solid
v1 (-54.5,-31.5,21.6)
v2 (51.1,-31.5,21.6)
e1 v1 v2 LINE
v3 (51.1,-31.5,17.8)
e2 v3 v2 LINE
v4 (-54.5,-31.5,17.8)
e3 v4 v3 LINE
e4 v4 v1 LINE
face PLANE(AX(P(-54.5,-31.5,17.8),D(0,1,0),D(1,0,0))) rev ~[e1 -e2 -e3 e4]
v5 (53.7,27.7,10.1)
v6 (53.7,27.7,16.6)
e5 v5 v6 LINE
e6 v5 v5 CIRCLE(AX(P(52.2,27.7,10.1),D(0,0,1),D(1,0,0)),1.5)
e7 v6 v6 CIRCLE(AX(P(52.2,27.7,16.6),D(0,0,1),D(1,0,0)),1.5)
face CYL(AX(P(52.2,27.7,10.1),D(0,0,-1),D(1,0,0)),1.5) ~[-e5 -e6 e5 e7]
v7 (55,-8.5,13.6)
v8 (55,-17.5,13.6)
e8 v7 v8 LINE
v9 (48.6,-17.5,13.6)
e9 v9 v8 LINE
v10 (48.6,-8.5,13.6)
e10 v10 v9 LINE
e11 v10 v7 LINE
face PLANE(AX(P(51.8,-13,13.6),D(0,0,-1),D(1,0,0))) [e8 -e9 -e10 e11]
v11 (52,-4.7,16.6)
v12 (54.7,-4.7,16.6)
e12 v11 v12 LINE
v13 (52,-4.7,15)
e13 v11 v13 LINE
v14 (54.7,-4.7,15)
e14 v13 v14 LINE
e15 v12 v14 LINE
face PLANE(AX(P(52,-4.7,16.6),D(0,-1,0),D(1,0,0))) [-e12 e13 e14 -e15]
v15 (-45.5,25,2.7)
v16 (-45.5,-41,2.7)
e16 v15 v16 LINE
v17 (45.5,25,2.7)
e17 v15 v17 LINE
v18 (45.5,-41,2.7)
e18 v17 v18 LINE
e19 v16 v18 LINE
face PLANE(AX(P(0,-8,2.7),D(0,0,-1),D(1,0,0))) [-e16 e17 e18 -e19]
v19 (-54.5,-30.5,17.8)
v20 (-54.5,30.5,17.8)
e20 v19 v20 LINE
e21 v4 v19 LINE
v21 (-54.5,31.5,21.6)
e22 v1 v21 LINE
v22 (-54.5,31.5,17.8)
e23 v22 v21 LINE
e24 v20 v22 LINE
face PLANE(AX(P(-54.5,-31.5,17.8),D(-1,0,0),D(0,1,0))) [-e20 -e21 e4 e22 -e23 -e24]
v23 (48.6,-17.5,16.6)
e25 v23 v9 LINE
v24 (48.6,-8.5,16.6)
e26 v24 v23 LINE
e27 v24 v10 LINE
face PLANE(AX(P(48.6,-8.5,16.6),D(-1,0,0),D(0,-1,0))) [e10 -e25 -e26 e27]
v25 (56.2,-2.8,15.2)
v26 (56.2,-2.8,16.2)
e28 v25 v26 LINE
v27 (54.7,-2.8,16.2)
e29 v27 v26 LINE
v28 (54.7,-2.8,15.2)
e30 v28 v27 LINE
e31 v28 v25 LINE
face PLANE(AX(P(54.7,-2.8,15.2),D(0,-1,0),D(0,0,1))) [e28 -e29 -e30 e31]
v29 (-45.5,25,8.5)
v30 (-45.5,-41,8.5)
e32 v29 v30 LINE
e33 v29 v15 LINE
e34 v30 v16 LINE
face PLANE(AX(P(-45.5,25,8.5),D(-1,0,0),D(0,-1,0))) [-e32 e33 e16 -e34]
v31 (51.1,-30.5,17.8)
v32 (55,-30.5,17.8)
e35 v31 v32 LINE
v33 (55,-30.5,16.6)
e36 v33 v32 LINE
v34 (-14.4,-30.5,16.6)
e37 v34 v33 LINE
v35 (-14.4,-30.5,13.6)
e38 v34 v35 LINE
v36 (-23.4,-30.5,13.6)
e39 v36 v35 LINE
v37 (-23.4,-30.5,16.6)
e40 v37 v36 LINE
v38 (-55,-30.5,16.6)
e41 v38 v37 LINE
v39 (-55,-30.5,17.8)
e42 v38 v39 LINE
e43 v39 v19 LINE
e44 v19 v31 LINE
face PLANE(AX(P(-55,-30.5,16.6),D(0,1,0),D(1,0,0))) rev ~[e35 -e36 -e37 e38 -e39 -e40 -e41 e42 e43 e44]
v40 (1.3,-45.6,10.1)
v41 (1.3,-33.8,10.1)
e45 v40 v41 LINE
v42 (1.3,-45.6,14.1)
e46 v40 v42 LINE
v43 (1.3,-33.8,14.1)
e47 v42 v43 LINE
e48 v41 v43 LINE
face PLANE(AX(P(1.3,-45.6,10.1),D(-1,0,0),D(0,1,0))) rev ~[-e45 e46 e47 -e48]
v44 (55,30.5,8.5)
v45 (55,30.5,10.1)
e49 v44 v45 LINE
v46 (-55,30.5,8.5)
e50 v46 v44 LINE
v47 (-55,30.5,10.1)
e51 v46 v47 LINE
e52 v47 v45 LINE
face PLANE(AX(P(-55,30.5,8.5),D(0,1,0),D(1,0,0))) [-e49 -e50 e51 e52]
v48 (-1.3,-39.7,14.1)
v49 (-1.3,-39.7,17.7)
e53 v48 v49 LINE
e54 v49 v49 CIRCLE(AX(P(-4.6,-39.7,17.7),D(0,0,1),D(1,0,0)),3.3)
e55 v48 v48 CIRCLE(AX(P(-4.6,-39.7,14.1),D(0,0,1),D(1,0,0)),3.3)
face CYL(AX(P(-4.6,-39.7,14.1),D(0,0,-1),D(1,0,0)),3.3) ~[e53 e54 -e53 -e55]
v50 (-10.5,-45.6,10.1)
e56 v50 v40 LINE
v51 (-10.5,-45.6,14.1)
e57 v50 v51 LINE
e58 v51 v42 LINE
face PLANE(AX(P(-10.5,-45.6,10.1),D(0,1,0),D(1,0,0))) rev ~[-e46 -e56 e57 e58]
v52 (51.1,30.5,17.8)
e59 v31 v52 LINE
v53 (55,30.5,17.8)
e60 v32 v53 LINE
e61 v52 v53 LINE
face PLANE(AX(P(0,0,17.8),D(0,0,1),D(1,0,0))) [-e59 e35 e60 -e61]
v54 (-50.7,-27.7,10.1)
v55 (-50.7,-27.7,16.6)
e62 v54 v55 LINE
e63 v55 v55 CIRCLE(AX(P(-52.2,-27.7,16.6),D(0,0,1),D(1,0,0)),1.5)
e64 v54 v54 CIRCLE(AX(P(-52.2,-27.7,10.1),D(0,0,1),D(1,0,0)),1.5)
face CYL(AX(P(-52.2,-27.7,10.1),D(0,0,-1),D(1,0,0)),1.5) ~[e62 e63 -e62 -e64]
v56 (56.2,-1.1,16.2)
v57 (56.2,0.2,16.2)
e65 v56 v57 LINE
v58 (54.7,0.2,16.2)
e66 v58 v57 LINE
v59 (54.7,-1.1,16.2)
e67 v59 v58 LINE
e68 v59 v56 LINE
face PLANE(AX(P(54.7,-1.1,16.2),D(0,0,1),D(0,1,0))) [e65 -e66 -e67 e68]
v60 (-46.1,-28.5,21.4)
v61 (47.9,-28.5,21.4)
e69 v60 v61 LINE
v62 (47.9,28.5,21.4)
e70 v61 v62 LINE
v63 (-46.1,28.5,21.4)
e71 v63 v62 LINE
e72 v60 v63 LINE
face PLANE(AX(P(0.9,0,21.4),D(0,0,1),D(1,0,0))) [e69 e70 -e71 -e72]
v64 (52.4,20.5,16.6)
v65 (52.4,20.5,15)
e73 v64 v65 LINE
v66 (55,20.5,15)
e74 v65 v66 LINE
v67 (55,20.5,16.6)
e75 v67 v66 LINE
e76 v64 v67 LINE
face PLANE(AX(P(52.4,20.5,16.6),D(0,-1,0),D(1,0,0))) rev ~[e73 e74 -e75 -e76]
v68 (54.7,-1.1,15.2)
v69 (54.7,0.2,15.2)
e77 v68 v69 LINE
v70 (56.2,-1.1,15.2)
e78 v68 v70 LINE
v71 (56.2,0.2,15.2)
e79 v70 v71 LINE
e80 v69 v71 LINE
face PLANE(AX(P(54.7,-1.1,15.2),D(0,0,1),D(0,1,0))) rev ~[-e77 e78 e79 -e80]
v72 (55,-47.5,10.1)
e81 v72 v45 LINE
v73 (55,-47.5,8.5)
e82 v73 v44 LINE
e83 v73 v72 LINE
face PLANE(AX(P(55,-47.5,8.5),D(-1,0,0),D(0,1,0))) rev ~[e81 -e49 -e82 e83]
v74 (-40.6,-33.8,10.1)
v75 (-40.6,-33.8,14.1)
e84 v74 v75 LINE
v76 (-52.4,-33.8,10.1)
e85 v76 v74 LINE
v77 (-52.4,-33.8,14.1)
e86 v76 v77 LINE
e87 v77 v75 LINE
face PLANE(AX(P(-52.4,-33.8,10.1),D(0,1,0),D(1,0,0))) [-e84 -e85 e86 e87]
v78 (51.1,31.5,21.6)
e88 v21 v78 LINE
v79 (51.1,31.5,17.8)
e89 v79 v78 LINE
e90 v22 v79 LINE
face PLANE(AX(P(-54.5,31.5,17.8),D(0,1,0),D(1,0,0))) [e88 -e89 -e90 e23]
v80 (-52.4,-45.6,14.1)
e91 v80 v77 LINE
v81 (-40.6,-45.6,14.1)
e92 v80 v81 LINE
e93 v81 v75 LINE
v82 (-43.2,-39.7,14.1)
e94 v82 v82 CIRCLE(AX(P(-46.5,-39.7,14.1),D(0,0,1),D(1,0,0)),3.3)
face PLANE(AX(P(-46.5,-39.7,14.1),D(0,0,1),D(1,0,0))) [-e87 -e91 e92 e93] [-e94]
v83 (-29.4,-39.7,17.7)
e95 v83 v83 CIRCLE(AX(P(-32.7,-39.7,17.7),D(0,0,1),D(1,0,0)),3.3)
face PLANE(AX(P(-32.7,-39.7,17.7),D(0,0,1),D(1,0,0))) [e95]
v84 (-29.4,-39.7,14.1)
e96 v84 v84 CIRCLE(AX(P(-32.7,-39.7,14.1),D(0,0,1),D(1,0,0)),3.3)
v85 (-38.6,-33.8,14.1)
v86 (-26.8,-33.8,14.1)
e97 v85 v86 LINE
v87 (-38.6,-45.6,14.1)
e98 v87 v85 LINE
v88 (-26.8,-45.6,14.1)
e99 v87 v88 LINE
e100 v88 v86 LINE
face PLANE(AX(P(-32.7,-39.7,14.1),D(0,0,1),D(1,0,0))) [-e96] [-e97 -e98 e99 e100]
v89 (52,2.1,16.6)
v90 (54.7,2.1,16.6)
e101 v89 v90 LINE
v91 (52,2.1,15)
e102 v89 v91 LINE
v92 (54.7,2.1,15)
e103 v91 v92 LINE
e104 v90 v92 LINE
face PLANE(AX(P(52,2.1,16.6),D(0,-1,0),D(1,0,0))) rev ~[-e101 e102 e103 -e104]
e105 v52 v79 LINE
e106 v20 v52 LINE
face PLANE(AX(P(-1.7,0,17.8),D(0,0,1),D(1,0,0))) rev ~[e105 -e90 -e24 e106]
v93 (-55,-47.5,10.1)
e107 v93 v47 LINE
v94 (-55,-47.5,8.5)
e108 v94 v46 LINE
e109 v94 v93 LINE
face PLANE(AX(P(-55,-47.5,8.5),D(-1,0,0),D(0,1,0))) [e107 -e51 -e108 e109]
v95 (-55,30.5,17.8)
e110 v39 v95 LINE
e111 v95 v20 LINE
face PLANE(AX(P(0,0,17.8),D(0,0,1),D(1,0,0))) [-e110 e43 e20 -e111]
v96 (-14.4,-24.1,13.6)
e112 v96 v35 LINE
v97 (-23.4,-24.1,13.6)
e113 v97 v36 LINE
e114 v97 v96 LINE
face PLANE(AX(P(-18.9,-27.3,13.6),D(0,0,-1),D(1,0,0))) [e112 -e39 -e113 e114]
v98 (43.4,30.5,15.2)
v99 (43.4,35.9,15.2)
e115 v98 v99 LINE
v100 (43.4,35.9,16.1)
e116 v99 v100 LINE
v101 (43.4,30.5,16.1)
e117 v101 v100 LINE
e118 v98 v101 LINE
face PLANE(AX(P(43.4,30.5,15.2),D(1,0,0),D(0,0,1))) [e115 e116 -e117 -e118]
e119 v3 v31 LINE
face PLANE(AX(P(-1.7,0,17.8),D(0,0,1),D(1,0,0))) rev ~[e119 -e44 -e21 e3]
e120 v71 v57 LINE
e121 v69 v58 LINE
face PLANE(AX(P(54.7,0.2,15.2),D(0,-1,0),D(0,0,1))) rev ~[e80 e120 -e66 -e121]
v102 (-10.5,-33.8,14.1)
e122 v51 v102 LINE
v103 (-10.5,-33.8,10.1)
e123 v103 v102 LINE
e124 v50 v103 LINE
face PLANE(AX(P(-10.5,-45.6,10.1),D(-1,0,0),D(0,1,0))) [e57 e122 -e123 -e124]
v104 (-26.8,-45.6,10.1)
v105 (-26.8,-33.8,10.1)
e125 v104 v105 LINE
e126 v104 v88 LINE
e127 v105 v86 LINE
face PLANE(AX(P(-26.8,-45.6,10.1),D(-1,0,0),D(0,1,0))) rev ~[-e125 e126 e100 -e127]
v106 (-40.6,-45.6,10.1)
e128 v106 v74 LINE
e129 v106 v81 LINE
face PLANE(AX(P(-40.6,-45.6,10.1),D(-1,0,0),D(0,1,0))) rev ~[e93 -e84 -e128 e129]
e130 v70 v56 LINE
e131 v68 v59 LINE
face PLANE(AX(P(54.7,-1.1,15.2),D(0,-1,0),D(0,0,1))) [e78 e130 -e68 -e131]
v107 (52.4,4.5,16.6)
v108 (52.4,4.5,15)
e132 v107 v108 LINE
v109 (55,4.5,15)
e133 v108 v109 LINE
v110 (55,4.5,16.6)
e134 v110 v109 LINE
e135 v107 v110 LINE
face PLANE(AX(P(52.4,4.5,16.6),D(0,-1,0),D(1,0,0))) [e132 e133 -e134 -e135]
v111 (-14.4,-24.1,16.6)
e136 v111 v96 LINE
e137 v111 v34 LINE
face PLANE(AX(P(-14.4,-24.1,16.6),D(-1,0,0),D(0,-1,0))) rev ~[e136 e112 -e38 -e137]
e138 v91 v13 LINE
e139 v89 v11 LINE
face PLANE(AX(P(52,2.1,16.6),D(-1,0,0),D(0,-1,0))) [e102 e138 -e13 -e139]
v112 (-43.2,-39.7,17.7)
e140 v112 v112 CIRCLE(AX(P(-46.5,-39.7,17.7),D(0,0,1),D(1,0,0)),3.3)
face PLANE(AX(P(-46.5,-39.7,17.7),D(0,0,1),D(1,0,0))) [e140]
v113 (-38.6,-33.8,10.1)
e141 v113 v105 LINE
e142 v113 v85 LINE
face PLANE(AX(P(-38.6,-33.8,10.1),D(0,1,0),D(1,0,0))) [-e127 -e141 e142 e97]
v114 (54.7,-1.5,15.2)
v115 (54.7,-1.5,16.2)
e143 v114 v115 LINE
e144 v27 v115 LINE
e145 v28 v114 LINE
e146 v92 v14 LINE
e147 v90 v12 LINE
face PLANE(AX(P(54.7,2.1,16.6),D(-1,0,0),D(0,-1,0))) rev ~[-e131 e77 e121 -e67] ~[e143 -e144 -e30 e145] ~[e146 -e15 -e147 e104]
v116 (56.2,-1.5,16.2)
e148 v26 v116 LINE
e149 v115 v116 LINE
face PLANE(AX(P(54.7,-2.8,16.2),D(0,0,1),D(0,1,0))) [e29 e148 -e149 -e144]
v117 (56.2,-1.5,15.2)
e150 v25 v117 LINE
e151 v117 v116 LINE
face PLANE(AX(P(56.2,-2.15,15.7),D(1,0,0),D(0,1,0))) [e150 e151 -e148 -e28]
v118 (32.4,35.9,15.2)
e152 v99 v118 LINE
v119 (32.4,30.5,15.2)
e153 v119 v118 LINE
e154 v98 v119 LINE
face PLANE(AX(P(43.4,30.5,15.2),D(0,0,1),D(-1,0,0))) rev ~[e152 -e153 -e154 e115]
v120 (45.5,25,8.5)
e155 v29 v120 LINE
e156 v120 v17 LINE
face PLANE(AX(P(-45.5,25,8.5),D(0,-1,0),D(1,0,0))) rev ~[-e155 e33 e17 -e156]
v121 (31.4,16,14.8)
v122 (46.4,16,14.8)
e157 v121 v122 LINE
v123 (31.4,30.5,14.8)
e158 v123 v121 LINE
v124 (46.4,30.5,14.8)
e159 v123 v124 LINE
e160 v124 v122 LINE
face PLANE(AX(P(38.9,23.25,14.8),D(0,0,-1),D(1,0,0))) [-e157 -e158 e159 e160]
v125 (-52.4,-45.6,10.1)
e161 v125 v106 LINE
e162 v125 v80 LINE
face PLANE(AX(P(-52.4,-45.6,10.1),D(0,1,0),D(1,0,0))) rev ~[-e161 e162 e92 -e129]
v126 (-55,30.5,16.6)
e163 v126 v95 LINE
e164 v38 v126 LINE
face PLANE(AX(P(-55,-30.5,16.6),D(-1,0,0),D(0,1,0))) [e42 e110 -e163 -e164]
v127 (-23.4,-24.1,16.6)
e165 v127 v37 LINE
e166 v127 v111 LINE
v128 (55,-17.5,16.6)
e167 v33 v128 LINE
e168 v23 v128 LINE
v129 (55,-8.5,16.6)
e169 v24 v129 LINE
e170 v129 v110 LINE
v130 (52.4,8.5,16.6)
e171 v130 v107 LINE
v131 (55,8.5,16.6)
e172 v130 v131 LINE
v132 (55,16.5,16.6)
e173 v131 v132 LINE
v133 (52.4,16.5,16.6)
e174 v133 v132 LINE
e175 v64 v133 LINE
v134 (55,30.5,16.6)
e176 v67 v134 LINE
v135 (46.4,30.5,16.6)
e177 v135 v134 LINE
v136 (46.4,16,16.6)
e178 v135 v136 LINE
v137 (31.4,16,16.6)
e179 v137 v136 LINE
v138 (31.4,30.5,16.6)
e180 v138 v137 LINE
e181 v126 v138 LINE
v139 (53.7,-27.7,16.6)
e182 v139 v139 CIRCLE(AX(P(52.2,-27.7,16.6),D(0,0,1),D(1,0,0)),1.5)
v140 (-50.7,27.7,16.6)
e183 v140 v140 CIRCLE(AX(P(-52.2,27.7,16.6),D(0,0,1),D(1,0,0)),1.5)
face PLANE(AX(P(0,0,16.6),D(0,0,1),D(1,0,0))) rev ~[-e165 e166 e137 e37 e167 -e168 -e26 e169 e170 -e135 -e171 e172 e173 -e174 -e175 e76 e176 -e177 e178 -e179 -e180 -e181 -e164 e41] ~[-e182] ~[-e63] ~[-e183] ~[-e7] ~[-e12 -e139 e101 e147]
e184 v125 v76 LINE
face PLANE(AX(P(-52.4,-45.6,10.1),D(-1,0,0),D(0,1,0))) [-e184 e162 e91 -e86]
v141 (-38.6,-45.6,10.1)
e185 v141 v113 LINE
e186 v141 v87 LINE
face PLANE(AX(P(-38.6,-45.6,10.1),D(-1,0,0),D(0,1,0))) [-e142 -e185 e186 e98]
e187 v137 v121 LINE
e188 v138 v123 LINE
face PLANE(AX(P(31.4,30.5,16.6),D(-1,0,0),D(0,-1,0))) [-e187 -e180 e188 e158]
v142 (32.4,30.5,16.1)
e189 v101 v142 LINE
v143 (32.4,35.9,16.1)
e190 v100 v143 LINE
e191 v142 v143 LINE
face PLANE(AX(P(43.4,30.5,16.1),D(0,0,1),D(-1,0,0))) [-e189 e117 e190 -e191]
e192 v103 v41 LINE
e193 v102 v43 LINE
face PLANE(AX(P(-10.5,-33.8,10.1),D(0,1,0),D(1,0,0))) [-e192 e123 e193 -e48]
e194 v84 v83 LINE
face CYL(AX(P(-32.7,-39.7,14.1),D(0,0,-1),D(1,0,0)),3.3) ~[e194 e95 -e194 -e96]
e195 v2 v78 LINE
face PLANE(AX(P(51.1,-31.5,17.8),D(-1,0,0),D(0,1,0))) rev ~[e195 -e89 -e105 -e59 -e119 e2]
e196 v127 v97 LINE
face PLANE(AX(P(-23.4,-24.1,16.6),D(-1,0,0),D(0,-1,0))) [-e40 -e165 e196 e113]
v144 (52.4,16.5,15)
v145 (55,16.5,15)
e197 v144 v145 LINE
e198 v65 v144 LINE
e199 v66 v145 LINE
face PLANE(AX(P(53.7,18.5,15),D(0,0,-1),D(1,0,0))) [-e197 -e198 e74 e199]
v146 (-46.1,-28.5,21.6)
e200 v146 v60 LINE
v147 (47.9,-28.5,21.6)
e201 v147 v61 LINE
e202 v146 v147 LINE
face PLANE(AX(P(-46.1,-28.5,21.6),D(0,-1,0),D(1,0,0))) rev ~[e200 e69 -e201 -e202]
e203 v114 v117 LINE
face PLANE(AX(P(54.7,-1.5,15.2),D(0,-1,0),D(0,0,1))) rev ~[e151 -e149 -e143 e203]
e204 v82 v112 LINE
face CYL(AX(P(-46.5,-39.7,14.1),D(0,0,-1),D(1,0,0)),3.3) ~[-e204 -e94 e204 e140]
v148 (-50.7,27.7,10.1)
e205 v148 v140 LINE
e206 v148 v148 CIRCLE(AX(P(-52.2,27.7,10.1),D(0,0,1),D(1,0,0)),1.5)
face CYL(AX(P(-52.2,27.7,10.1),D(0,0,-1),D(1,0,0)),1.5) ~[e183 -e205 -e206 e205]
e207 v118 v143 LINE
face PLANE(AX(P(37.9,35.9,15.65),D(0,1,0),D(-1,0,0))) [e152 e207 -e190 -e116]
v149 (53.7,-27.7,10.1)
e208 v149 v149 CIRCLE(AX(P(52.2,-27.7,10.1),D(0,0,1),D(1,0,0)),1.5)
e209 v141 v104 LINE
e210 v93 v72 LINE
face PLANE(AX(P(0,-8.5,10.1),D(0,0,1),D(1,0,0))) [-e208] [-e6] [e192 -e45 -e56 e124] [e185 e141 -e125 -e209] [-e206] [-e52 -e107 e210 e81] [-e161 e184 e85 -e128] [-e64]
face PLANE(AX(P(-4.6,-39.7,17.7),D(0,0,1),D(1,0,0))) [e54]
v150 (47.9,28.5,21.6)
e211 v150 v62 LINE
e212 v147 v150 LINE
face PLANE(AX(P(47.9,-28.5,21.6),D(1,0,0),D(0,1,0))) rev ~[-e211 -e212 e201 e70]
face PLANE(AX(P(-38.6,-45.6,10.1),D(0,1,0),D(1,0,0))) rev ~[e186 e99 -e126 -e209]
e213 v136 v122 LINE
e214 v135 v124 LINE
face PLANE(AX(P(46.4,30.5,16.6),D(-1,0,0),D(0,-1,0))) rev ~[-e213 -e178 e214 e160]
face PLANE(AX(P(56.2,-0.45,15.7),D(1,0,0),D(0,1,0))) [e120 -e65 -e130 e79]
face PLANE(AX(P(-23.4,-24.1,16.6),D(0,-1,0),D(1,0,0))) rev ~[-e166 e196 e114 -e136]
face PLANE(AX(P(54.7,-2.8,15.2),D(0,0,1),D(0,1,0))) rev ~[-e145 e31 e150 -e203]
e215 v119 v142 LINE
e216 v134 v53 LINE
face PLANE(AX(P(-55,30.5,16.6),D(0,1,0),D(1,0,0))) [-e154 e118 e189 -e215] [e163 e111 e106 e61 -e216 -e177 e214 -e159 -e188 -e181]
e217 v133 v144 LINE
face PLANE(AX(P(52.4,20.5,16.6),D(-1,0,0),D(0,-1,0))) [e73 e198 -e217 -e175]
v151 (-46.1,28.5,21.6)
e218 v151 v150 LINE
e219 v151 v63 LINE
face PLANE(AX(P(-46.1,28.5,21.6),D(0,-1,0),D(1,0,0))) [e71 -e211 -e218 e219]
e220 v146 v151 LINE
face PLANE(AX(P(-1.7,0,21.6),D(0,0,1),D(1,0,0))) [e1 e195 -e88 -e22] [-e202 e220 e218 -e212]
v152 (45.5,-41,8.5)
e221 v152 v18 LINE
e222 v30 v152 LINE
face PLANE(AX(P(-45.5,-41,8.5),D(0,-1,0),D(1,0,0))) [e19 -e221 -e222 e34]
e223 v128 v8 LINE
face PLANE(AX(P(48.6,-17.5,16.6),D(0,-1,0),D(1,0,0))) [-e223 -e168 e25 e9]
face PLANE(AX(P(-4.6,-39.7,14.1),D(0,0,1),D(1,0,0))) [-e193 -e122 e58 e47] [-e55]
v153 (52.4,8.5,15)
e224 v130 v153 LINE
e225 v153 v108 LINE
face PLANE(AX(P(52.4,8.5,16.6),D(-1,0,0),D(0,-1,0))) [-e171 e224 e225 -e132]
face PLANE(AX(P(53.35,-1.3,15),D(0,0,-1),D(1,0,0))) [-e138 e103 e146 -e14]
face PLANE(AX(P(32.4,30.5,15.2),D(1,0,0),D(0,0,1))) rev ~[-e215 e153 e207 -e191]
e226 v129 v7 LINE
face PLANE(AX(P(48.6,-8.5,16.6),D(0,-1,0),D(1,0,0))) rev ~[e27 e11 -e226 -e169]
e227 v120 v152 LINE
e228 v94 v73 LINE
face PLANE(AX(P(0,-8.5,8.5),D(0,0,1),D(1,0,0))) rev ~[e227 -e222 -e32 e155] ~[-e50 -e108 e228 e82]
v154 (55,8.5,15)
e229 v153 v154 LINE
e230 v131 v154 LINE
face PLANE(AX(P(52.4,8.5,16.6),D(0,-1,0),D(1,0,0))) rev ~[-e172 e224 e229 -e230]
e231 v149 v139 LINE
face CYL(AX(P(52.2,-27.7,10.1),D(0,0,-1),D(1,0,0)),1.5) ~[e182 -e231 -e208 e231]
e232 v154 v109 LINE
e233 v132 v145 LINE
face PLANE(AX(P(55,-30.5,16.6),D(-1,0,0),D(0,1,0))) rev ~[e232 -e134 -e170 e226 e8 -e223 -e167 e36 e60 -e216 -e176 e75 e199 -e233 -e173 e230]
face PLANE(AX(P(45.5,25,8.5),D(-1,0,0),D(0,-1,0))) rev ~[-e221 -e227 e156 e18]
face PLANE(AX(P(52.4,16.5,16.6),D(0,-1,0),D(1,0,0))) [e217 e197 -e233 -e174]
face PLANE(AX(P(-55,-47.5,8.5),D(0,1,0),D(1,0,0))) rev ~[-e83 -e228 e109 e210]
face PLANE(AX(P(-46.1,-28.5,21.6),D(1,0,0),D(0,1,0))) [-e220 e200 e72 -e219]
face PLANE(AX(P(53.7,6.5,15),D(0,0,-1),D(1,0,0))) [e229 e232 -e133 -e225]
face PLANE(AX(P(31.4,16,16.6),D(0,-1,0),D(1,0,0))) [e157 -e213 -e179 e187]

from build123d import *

# Parameters (mm, degrees)
SKETCH001_W   = 110
SKETCH001_H   = 78
PAD_DEPTH     = 1.6
SKETCH009_R   = 1.5
PAD001_DEPTH  = 6.5
SKETCH010_W   = 110
SKETCH010_H   = 61
PAD002_DEPTH  = 1.2
SKETCH011_W   = 105.6
SKETCH011_H   = 63
PAD003_DEPTH  = 3.8
SKETCH012_W   = 94
SKETCH012_H   = 57
POCKET_DEPTH  = 0.2
SKETCH013_W   = 9
SKETCH013_H   = 6.4
SKETCH013_W_2 = 6.4
SKETCH013_H_2 = 9
PAD004_DEPTH  = 3
SKETCH014_W   = 15
SKETCH014_H   = 14.5
PAD005_DEPTH  = 1.8
SKETCH015_W   = 11
SKETCH015_H   = 0.9
PAD006_DEPTH  = 5.4
SKETCH016_W   = 2.7
SKETCH016_H   = 6.8
SKETCH016_W_2 = 2.6
SKETCH016_H_2 = 4
PAD007_DEPTH  = 1.6
SKETCH017_W   = 1.3
SKETCH017_H   = 1
PAD008_DEPTH  = 1.5
SKETCH018_W   = 11.8
SKETCH018_H   = 11.8
PAD009_DEPTH  = 4
SKETCH019_R   = 3.3
PAD010_DEPTH  = 3.6
SKETCH020_W   = 91
SKETCH020_H   = 66
PAD011_DEPTH  = 5.8


with BuildPart() as part:
    # Sketch001 → Pad (new body)
    with BuildSketch(Plane.XY):
        with Locations((0, -8.5)):
            Rectangle(SKETCH001_W, SKETCH001_H)
    extrude(amount=PAD_DEPTH)

    # Sketch009 (on Face6 of Pad) → Pad001 (join)
    with BuildSketch(Plane.XY.offset(1.6)):
        with Locations((-52.2, 27.7)):
            Circle(SKETCH009_R)
        with Locations((-52.2, -27.7)):
            Circle(SKETCH009_R)
        with Locations((52.2, -27.7)):
            Circle(SKETCH009_R)
        with Locations((52.2, 27.7)):
            Circle(SKETCH009_R)
    extrude(amount=PAD001_DEPTH)

    # Sketch010 (on Face12 of Pad001) → Pad002 (join)
    with BuildSketch(Plane.XY.offset(8.1)):
        Rectangle(SKETCH010_W, SKETCH010_H)
    extrude(amount=PAD002_DEPTH)

    # Sketch011 (on Face5 of Pad002) → Pad003 (join)
    with BuildSketch(Plane.XY.offset(9.3)):
        with Locations((-1.7, 0)):
            Rectangle(SKETCH011_W, SKETCH011_H)
    extrude(amount=PAD003_DEPTH)

    # Sketch012 (on Face19 of Pad003) → Pocket (cut)
    with BuildSketch(Plane.XY.offset(13.1)):
        with Locations((0.9, 0)):
            Rectangle(SKETCH012_W, SKETCH012_H)
    extrude(amount=-POCKET_DEPTH, mode=Mode.SUBTRACT)

    # Sketch013 (on Face4 of Pocket) → Pad004 (join)
    with BuildSketch(Plane(origin=(0, 0, 8.1), x_dir=(1, 0, 0), z_dir=(0, 0, -1))):
        with Locations((-18.9, 27.3)):
            Rectangle(SKETCH013_W, SKETCH013_H)
        with Locations((51.8, 13)):
            Rectangle(SKETCH013_W_2, SKETCH013_H_2)
    extrude(amount=PAD004_DEPTH)

    # Sketch014 (on Face4 of Pad004) → Pad005 (join)
    with BuildSketch(Plane(origin=(0, 0, 8.1), x_dir=(1, 0, 0), z_dir=(0, 0, -1))):
        with Locations((38.9, -23.25)):
            Rectangle(SKETCH014_W, SKETCH014_H)
    extrude(amount=PAD005_DEPTH)

    # Sketch015 (on Face5 of Pad005) → Pad006 (join)
    with BuildSketch(Plane(origin=(0, 30.5, 0), x_dir=(-1, 0, 0), z_dir=(0, 1, 0))):
        with Locations((-37.9, 7.15)):
            Rectangle(SKETCH015_W, SKETCH015_H)
    extrude(amount=PAD006_DEPTH)

    # Sketch016 (on Face4 of Pad006) → Pad007 (join)
    with BuildSketch(Plane(origin=(0, 0, 8.1), x_dir=(1, 0, 0), z_dir=(0, 0, -1))):
        with Locations((53.35, 1.3)):
            Rectangle(SKETCH016_W, SKETCH016_H)
        with Locations((53.7, -6.5)):
            Rectangle(SKETCH016_W_2, SKETCH016_H_2)
        with Locations((53.7, -18.5)):
            Rectangle(SKETCH016_W_2, SKETCH016_H_2)
    extrude(amount=PAD007_DEPTH)

    # Sketch017 (on Face31 of Pad007) → Pad008 (join)
    with BuildSketch(Plane.YZ.offset(54.7)):
        with Locations((-2.15, 7.2)):
            Rectangle(SKETCH017_W, SKETCH017_H)
        with Locations((-0.45, 7.2)):
            Rectangle(SKETCH017_W, SKETCH017_H)
    extrude(amount=PAD008_DEPTH)

    # Sketch018 (on Face50 of Pad008) → Pad009 (join)
    with BuildSketch(Plane.XY.offset(1.6)):
        with Locations((-4.6, -39.7)):
            Rectangle(SKETCH018_W, SKETCH018_H)
        with Locations((-32.7, -39.7)):
            Rectangle(SKETCH018_W, SKETCH018_H)
        with Locations((-46.5, -39.7)):
            Rectangle(SKETCH018_W, SKETCH018_H)
    extrude(amount=PAD009_DEPTH)

    # Sketch019 (on Face87 of Pad009) → Pad010 (join)
    with BuildSketch(Plane.XY.offset(5.6)):
        with Locations((-46.5, -39.7)):
            Circle(SKETCH019_R)
        with Locations((-32.7, -39.7)):
            Circle(SKETCH019_R)
        with Locations((-4.6, -39.7)):
            Circle(SKETCH019_R)
    extrude(amount=PAD010_DEPTH)

    # Sketch020 (on Face85 of Pad010) → Pad011 (join)
    with BuildSketch(Plane(origin=(0, 0, 0), x_dir=(1, 0, 0), z_dir=(0, 0, -1))):
        with Locations((0, 8)):
            Rectangle(SKETCH020_W, SKETCH020_H)
    extrude(amount=PAD011_DEPTH)


with BuildPart() as part_1:
    # Body001 placement: moved
    add(part.part.moved(Location((0, 0, 8.5))))


solid = part_1.part
